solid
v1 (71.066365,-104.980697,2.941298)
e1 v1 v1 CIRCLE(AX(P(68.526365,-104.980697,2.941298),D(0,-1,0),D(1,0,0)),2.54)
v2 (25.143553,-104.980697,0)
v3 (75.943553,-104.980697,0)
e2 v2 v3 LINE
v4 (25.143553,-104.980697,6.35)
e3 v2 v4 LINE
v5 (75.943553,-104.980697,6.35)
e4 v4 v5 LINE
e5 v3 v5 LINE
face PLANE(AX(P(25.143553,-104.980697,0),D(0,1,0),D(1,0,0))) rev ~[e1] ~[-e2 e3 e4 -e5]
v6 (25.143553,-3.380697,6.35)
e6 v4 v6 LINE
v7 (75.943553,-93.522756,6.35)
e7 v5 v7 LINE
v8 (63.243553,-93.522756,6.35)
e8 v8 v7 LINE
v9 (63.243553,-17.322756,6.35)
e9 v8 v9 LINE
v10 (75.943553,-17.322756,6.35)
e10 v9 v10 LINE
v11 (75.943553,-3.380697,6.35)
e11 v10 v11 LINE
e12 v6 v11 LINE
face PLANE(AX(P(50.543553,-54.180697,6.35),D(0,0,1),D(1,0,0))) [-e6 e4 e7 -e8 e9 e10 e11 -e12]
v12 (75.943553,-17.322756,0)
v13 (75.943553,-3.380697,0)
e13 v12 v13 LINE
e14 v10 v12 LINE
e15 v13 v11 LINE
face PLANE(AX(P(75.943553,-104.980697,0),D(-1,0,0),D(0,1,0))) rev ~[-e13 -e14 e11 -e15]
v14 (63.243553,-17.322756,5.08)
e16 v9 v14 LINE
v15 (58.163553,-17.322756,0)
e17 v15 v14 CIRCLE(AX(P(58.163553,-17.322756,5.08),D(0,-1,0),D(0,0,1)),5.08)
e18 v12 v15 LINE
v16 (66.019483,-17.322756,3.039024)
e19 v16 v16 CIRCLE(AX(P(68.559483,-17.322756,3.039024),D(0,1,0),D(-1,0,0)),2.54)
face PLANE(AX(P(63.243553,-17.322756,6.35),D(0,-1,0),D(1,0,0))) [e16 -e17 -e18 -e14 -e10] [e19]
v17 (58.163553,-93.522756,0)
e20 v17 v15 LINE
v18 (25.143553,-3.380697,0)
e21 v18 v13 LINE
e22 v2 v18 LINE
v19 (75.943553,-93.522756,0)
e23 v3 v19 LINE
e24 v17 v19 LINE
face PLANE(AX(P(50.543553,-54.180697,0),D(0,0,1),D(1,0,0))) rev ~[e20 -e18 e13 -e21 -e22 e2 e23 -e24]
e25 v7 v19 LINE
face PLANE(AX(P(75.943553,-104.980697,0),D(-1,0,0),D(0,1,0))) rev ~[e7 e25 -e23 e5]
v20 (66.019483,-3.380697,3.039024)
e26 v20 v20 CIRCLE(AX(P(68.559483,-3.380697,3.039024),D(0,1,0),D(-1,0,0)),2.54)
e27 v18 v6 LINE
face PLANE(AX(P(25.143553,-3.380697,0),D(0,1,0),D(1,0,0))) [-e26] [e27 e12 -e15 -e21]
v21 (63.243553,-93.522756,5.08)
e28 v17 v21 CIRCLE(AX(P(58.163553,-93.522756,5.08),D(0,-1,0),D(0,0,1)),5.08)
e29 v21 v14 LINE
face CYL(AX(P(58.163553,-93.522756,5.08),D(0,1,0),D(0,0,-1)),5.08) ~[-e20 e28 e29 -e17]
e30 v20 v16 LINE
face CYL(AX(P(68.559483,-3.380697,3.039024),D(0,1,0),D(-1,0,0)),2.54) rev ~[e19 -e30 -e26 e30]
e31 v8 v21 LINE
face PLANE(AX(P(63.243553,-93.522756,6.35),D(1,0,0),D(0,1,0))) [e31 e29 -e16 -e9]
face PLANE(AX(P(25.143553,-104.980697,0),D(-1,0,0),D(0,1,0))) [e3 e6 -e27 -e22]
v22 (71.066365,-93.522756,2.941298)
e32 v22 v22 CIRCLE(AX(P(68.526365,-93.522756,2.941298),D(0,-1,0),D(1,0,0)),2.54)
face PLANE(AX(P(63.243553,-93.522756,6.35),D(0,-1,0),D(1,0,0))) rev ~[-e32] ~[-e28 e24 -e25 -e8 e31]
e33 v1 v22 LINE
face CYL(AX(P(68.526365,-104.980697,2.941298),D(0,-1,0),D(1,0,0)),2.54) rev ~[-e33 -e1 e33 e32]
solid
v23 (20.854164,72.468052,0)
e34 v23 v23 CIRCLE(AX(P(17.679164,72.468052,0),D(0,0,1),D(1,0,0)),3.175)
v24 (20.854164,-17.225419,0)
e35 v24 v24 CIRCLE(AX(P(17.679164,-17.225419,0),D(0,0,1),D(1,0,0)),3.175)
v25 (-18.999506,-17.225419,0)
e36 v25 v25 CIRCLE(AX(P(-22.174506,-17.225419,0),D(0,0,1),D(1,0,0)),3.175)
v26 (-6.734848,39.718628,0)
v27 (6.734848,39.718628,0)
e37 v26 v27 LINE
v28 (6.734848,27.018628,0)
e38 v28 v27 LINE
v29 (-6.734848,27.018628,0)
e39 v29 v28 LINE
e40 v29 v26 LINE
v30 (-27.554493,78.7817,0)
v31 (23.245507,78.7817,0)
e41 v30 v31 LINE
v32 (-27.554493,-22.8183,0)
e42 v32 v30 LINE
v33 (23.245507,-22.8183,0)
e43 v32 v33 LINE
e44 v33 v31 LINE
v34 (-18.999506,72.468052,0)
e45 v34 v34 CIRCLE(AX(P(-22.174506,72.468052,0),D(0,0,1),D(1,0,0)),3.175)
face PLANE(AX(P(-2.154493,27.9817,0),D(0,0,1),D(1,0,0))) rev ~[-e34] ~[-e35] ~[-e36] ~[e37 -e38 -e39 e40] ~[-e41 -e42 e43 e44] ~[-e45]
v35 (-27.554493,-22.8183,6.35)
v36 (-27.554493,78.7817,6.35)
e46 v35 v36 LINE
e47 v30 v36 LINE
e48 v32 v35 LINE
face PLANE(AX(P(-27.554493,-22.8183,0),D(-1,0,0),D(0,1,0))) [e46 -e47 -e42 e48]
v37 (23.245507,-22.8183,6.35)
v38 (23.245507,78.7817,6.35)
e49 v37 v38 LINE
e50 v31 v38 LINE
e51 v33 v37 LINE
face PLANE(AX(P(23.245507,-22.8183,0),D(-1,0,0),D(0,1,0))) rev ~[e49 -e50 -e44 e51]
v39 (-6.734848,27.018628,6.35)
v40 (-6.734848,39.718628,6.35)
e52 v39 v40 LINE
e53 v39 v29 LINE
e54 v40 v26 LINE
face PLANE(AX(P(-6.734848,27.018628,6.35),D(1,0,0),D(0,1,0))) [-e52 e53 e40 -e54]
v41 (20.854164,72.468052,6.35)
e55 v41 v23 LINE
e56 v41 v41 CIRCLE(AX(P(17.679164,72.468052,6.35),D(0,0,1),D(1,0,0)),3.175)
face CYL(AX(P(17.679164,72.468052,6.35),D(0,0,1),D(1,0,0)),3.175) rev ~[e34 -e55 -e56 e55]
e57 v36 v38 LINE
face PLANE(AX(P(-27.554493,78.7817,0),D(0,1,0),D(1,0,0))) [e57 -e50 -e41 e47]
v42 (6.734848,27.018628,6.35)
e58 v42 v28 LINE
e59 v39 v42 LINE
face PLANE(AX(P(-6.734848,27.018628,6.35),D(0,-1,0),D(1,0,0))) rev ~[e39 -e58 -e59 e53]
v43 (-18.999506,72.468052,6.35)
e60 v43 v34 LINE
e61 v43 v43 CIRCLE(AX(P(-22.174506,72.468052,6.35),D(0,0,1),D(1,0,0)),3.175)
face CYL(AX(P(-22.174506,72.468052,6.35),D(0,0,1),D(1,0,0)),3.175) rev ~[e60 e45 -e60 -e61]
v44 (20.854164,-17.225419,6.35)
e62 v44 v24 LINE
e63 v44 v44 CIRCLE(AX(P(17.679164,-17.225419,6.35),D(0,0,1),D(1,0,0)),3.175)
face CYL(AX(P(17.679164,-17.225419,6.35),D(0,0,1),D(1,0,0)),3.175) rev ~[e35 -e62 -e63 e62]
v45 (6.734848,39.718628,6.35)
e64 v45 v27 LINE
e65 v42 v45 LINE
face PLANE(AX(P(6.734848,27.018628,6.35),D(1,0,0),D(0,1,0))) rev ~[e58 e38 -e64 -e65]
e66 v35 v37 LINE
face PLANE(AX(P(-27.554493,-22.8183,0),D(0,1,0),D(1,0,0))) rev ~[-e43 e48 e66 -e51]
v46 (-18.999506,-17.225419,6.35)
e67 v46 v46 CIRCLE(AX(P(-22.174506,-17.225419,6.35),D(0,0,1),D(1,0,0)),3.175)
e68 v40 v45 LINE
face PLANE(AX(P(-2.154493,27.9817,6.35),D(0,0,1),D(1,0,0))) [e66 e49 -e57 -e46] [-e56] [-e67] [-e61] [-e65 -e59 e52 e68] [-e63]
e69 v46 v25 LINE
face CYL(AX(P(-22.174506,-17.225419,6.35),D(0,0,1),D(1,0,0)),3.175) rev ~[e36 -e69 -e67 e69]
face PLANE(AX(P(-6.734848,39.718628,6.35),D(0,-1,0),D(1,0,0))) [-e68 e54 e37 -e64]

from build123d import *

# Parameters (mm, degrees)
F0_W      = 50.8
F0_H      = 101.6
F1_DEPTH  = 6.35
F3_R      = 3.175
F4_DEPTH  = 25.4
F6_W      = 13.469696
F6_H      = 12.7
F7_DEPTH  = 25.4
F8_W      = 50.8
F8_H      = 101.6
F9_DEPTH  = 6.35
F10_W     = 12.7
F10_H     = 76.2
F11_DEPTH = 25.4
F12_R     = 2.54
F13_DEPTH = 25.4
F14_R     = 2.54
F15_DEPTH = 25.4
F16_R     = 5.08


with BuildPart() as f1:
    # F0 (on Top) → F1 (new body)
    with BuildSketch(Plane.XY):
        with Locations((-2.154493, 27.9817)):
            Rectangle(F0_W, F0_H)
    extrude(amount=F1_DEPTH)

    # F3 (on face) → F4 (cut)
    with BuildSketch(Plane.XY.offset(6.35)):
        with Locations((-22.174506, 72.468052)):
            Circle(F3_R)
        with Locations((-22.174506, -17.225419)):
            Circle(F3_R)
        with Locations((17.679164, 72.468052)):
            Circle(F3_R)
        with Locations((17.679164, -17.225419)):
            Circle(F3_R)
    extrude(amount=-F4_DEPTH, mode=Mode.SUBTRACT)

    # F6 (on face) → F7 (cut)
    with BuildSketch(Plane.XY.offset(6.35)):
        with Locations((0, 33.368628)):
            Rectangle(F6_W, F6_H)
    extrude(amount=-F7_DEPTH, mode=Mode.SUBTRACT)


with BuildPart() as f9:
    # F8 (on Top) → F9 (new body)
    with BuildSketch(Plane.XY):
        with Locations((50.543553, -54.180697)):
            Rectangle(F8_W, F8_H)
    extrude(amount=F9_DEPTH)

    # F10 (on face) → F11 (cut)
    with BuildSketch(Plane.XY.offset(6.35)):
        with Locations((69.593553, -55.422756)):
            Rectangle(F10_W, F10_H)
    extrude(amount=-F11_DEPTH, mode=Mode.SUBTRACT)

    # F12 (on face) → F13 (cut)
    with BuildSketch(Plane.XZ.offset(104.980697)):
        with Locations((68.526365, 2.941298)):
            Circle(F12_R)
    extrude(amount=-F13_DEPTH, mode=Mode.SUBTRACT)

    # F14 (on face) → F15 (cut)
    with BuildSketch(Plane(origin=(0, -3.380697, 0), x_dir=(-1, 0, 0), z_dir=(0, 1, 0))):
        with Locations((-68.559483, 3.039024)):
            Circle(F14_R)
    extrude(amount=-F15_DEPTH, mode=Mode.SUBTRACT)

    # F16
    f16_edges = [f9.edges().sort_by_distance(p)[0] for p in [
        (63.243553, -55.422756, 0),
    ]]
    fillet(f16_edges, radius=F16_R)


solid = Compound([f1.part, f9.part])
